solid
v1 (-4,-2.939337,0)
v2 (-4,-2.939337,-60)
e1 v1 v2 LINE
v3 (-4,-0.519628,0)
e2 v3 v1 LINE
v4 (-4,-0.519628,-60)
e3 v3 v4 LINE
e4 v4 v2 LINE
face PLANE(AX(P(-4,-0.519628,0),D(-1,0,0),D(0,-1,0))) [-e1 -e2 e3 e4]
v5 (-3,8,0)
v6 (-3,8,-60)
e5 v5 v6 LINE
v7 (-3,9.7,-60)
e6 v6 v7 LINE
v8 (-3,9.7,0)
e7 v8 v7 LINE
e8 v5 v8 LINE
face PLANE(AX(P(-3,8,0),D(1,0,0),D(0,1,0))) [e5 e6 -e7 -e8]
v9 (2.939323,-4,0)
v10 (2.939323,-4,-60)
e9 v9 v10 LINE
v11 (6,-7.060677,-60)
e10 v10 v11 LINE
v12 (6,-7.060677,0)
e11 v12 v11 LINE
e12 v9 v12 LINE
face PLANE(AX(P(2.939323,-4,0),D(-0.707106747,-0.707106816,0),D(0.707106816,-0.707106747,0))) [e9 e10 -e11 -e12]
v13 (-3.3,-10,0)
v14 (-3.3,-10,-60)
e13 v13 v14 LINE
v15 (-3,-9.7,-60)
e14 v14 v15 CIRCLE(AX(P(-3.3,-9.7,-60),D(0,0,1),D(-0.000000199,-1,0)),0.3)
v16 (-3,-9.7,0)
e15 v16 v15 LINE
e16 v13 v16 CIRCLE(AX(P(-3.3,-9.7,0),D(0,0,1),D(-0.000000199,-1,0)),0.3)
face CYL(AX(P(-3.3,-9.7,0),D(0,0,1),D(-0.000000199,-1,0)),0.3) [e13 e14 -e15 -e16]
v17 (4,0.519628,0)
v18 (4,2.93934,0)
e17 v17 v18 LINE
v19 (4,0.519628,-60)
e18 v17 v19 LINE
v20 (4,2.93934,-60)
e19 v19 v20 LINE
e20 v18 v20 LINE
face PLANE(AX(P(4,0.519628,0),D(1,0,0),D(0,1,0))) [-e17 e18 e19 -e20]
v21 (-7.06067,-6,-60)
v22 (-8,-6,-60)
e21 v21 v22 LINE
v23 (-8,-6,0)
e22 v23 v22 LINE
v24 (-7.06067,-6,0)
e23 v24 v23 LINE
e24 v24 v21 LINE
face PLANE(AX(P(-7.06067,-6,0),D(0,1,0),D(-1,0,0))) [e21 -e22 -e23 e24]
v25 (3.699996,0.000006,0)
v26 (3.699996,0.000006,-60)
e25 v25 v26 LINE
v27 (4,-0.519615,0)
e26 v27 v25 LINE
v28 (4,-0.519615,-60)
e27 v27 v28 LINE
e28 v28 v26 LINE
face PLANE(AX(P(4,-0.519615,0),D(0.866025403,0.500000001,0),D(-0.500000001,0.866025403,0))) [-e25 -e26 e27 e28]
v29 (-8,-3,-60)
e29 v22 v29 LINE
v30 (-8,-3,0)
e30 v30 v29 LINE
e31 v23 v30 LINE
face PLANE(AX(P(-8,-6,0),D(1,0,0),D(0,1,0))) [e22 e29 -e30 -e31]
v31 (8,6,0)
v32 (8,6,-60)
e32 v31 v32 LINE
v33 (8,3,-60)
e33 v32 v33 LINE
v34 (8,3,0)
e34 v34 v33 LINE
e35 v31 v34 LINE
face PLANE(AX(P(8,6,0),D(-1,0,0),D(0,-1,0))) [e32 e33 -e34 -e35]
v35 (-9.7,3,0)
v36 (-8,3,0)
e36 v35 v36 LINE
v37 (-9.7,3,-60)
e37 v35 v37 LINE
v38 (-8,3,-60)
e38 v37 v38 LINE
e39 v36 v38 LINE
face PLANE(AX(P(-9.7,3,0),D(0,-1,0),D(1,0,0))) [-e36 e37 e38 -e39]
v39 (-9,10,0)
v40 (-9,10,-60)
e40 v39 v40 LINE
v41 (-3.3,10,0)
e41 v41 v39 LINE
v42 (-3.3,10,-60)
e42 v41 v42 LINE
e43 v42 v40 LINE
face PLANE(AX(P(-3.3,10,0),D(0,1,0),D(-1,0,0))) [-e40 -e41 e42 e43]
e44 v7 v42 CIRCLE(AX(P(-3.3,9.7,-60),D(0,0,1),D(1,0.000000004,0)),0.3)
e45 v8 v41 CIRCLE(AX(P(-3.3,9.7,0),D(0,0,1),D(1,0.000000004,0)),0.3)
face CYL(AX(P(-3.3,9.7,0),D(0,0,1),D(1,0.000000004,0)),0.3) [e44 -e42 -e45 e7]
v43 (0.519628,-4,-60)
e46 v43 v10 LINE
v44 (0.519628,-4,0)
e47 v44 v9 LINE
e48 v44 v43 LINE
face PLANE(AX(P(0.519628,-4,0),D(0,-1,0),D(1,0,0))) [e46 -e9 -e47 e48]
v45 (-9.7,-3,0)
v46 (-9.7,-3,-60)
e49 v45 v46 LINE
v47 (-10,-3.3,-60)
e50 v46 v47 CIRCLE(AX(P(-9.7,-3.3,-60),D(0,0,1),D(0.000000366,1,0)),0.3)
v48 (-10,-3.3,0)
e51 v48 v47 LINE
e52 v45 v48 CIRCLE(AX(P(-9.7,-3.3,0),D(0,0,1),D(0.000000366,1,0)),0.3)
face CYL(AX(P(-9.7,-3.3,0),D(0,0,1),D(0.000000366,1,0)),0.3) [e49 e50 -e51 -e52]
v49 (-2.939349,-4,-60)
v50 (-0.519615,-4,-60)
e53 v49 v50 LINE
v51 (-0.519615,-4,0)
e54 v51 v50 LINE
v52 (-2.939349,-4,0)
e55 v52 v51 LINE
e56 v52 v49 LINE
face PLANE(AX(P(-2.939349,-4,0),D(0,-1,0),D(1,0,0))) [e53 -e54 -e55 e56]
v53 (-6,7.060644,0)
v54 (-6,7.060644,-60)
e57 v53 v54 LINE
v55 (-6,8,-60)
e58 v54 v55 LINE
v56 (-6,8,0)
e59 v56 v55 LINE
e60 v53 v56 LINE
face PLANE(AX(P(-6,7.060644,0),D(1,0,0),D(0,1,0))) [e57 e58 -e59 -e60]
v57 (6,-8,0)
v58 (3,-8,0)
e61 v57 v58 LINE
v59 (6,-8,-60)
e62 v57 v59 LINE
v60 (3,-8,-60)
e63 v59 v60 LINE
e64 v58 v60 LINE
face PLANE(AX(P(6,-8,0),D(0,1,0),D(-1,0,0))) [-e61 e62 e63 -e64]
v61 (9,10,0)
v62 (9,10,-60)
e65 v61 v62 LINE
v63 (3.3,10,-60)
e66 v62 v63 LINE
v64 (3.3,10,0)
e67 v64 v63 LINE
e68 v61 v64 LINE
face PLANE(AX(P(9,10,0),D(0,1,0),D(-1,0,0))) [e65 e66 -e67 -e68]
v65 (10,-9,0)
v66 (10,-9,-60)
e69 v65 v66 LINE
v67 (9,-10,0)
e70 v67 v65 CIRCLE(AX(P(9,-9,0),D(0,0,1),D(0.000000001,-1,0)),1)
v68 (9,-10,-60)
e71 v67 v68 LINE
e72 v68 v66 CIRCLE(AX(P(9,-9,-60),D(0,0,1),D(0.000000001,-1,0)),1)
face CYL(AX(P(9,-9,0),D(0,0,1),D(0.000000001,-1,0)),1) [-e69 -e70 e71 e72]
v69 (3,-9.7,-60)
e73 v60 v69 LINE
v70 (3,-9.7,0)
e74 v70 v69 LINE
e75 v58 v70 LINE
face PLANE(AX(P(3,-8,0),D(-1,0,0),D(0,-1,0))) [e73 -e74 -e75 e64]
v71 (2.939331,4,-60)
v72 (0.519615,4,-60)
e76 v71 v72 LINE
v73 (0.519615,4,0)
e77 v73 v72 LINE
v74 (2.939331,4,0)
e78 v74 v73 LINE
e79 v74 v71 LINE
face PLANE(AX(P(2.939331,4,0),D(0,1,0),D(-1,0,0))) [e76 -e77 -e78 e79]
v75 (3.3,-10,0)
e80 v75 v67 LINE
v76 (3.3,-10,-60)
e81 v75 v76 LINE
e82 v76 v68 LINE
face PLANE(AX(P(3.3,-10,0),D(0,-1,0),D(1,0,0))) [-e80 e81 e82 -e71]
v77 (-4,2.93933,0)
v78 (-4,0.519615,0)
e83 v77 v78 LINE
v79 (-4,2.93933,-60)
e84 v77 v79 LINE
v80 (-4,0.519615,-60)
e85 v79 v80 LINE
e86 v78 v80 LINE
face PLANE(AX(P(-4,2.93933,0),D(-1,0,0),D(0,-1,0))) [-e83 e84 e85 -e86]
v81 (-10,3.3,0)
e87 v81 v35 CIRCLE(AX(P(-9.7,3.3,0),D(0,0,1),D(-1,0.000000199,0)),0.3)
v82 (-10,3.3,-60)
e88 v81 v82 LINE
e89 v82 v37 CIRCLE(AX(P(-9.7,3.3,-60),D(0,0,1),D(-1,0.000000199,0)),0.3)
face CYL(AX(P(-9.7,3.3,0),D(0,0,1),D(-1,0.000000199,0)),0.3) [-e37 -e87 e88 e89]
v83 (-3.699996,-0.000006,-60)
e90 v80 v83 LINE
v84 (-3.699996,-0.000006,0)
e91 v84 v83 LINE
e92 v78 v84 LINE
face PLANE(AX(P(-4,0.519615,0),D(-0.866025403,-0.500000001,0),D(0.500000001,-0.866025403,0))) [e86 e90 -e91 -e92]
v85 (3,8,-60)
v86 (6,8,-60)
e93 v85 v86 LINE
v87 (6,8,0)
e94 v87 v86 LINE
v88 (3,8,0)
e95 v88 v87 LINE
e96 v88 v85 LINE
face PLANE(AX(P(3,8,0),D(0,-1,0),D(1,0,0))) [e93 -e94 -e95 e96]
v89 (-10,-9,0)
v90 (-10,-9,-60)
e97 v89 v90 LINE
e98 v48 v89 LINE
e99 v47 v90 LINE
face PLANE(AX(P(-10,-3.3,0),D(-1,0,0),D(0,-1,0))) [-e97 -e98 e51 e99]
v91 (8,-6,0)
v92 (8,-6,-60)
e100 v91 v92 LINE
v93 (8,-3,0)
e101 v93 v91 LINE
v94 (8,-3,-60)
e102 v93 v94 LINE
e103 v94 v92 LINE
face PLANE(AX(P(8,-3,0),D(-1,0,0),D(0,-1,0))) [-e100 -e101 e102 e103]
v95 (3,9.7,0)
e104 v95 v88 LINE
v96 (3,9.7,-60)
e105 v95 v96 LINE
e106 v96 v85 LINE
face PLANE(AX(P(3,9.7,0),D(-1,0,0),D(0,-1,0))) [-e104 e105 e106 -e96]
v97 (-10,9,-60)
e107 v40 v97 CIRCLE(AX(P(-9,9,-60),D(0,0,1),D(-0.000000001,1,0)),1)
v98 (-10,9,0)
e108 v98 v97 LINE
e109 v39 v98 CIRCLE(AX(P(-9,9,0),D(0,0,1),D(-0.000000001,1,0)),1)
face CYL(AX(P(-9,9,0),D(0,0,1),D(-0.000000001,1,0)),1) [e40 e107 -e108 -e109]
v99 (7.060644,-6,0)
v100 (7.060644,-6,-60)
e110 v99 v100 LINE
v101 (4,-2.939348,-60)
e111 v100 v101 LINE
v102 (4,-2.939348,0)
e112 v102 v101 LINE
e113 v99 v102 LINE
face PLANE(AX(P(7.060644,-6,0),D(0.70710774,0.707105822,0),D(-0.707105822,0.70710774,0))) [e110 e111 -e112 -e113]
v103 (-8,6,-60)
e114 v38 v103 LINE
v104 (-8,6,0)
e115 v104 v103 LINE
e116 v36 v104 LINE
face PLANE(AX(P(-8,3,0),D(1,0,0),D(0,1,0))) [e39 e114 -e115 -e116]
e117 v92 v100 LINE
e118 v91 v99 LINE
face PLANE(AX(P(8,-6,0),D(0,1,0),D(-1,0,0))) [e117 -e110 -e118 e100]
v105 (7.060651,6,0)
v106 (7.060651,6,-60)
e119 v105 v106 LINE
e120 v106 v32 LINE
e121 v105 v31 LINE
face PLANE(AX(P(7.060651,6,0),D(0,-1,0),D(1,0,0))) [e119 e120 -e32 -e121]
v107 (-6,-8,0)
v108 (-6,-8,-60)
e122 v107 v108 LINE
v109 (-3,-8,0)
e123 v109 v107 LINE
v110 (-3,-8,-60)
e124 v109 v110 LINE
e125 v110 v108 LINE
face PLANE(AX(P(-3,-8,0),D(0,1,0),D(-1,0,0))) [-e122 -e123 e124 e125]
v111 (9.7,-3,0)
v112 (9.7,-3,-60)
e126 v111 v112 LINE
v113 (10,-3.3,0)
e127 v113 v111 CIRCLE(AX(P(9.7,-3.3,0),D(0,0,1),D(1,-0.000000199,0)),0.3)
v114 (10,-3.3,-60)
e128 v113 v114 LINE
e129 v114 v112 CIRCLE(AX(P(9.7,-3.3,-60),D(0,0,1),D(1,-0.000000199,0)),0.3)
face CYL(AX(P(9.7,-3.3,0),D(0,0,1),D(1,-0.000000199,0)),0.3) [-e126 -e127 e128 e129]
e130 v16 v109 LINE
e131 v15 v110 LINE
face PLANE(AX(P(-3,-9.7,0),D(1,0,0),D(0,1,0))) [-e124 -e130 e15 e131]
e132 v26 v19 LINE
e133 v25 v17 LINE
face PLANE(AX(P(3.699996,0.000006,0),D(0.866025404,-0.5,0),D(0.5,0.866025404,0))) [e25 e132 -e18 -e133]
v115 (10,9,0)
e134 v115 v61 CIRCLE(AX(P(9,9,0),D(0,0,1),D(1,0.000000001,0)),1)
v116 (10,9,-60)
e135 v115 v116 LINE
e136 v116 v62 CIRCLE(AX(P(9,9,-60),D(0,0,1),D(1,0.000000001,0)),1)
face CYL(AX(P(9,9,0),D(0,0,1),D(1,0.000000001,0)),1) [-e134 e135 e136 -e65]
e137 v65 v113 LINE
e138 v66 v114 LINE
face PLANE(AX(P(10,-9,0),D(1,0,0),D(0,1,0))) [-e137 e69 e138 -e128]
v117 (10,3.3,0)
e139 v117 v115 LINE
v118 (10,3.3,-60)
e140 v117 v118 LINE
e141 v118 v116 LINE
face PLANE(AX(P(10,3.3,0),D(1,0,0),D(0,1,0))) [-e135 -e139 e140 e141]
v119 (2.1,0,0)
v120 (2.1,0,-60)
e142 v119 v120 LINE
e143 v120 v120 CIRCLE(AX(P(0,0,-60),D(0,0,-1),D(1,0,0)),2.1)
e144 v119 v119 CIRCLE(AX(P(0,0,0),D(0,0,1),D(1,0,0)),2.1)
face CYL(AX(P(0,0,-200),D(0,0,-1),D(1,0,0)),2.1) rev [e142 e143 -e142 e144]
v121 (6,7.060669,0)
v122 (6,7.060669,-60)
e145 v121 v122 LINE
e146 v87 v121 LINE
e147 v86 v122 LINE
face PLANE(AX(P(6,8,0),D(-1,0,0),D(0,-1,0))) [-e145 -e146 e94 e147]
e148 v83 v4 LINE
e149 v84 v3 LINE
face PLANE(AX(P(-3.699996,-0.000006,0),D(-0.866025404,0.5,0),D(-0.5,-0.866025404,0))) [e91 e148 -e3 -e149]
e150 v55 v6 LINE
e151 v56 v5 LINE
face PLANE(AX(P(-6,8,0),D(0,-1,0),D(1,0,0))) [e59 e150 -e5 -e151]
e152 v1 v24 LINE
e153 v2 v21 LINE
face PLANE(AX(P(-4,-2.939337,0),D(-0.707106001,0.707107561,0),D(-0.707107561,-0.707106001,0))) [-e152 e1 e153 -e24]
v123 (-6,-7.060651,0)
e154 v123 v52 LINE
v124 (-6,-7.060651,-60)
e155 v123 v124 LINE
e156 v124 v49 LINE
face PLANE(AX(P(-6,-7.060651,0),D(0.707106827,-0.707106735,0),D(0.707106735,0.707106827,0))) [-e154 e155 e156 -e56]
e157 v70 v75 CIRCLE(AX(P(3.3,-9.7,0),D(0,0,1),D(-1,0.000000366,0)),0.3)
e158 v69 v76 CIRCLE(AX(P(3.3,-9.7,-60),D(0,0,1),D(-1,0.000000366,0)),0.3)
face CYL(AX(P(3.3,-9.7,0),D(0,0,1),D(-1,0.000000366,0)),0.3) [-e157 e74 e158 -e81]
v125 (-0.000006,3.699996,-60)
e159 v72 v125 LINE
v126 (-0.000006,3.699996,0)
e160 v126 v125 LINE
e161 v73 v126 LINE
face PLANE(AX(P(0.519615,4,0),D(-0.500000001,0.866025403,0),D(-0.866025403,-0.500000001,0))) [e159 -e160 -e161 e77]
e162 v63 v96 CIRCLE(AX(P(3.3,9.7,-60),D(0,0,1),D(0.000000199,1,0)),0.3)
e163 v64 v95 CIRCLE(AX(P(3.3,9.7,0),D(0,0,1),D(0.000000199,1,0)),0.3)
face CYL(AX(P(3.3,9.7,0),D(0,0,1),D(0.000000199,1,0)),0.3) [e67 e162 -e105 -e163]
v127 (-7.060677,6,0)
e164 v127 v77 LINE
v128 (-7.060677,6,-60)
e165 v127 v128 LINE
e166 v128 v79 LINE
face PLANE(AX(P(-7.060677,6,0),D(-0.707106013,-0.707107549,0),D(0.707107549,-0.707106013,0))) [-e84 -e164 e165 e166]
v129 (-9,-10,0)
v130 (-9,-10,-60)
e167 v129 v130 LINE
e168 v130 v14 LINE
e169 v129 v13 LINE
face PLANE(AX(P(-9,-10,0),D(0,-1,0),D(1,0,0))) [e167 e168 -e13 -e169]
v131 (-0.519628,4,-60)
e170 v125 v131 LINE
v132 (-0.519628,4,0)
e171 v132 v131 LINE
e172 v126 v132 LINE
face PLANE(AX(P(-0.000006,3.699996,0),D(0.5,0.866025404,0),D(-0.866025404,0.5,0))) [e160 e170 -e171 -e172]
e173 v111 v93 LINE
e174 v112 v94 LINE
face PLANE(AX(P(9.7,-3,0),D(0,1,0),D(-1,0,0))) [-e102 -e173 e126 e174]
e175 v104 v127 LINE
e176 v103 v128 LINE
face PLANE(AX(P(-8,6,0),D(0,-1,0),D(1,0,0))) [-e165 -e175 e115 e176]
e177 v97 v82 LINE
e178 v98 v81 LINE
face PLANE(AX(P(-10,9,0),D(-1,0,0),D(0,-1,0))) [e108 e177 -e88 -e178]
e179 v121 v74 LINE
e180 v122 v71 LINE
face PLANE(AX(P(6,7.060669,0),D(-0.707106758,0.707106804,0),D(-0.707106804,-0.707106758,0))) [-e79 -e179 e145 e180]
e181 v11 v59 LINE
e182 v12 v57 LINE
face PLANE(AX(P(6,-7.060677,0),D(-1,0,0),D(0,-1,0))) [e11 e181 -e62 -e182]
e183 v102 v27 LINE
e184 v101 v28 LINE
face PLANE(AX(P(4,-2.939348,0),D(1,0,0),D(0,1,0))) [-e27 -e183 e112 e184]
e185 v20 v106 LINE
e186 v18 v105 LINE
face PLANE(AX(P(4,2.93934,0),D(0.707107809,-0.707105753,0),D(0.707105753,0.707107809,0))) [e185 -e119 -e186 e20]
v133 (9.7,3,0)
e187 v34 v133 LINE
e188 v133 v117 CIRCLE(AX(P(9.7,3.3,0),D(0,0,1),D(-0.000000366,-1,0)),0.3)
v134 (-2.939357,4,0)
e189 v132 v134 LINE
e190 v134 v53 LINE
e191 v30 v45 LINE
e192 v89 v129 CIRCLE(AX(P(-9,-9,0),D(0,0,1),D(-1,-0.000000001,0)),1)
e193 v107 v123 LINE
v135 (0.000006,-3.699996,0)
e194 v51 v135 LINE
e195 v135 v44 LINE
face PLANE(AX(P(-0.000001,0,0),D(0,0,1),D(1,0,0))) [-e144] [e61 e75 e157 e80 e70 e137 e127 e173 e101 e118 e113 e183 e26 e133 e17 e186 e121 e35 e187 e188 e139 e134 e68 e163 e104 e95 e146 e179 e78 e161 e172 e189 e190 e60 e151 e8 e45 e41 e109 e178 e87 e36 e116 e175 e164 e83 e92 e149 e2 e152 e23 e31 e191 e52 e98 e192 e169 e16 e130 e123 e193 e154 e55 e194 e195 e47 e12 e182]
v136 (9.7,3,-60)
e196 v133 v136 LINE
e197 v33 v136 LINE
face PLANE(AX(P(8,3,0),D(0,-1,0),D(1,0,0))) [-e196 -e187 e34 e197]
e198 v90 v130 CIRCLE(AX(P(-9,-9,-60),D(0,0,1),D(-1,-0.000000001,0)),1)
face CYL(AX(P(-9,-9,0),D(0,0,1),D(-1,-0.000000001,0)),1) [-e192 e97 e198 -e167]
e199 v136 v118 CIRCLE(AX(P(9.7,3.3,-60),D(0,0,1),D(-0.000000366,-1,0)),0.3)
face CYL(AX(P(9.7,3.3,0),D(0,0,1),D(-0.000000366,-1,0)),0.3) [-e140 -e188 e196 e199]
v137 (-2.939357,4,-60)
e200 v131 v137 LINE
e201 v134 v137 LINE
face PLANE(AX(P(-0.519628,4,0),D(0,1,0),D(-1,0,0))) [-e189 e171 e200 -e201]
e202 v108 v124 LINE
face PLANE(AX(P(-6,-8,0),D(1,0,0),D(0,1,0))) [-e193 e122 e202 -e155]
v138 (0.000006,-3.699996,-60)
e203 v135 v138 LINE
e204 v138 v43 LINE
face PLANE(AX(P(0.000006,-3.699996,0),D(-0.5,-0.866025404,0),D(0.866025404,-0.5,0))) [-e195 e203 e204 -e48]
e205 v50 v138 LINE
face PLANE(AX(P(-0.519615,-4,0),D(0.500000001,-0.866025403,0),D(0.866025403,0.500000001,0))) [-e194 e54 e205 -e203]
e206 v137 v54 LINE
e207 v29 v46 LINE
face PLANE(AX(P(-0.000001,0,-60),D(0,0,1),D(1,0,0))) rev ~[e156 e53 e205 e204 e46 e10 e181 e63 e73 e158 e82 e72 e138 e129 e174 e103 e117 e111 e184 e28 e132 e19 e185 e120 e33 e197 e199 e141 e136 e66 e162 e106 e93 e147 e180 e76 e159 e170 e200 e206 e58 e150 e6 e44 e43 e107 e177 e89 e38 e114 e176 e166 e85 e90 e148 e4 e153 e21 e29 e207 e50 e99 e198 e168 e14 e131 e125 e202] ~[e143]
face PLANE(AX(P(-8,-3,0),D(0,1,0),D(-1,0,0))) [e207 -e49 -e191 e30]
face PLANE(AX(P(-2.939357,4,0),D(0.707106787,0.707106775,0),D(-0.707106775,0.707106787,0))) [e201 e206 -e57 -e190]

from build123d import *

# Parameters (mm, degrees)
BOSS_EXTRUDE1_DEPTH = 60
SKETCH2_W           = 400
SKETCH2_H           = 2.1


with BuildPart() as part:
    # Sketch1 → Boss-Extrude1 (new body)
    with BuildSketch(Plane.XY):
        with BuildLine():
            Line((-10, 9), (-10, 3.29999995))
            ThreePointArc((-10, 3.29999995), (-9.912132049, 3.087867916), (-9.7, 3))
            Line((-9.7, 3), (-8, 3))
            Line((-8, 3), (-8, 6))
            Line((-8, 6), (-7.060677, 6))
            Line((-7.060677, 6), (-4, 2.93932965))
            Line((-4, 2.93932965), (-4, 0.519615242))
            Line((-4, 0.519615242), (-3.699996283, -6.437e-06))
            Line((-3.699996283, -6.437e-06), (-4, -0.519628117))
            Line((-4, -0.519628117), (-4, -2.93933725))
            Line((-4, -2.93933725), (-7.0606695, -6))
            Line((-7.0606695, -6), (-8, -6))
            Line((-8, -6), (-8, -3))
            Line((-8, -3), (-9.7, -3))
            ThreePointArc((-9.7, -3), (-9.912132049, -3.087867916), (-10, -3.29999995))
            Line((-10, -3.29999995), (-10, -9))
            ThreePointArc((-10, -9), (-9.707106781, -9.707106781), (-9, -10))
            Line((-9, -10), (-3.29999995, -10))
            ThreePointArc((-3.29999995, -10), (-3.087867916, -9.912132049), (-3, -9.7))
            Line((-3, -9.7), (-3, -8))
            Line((-3, -8), (-6, -8))
            Line((-6, -8), (-6, -7.0606515))
            Line((-6, -7.0606515), (-2.9393489, -4))
            Line((-2.9393489, -4), (-0.519615242, -4))
            Line((-0.519615242, -4), (6.437e-06, -3.699996283))
            Line((6.437e-06, -3.699996283), (0.519628117, -4))
            Line((0.519628117, -4), (2.9393227, -4))
            Line((2.9393227, -4), (6, -7.060677))
            Line((6, -7.060677), (6, -8))
            Line((6, -8), (3, -8))
            Line((3, -8), (3, -9.7))
            ThreePointArc((3, -9.7), (3.087867916, -9.912132049), (3.29999995, -10))
            Line((3.29999995, -10), (9, -10))
            ThreePointArc((9, -10), (9.707106781, -9.707106781), (10, -9))
            Line((10, -9), (10, -3.29999995))
            ThreePointArc((10, -3.29999995), (9.912132049, -3.087867916), (9.7, -3))
            Line((9.7, -3), (8, -3))
            Line((8, -3), (8, -6))
            Line((8, -6), (7.0606435, -6))
            Line((7.0606435, -6), (4, -2.9393482))
            Line((4, -2.9393482), (4, -0.519615242))
            Line((4, -0.519615242), (3.699996283, 6.437e-06))
            Line((3.699996283, 6.437e-06), (4, 0.519628117))
            Line((4, 0.519628117), (4, 2.9393401))
            Line((4, 2.9393401), (7.060651, 6))
            Line((7.060651, 6), (8, 6))
            Line((8, 6), (8, 3))
            Line((8, 3), (9.7, 3))
            ThreePointArc((9.7, 3), (9.912132049, 3.087867916), (10, 3.29999995))
            Line((10, 3.29999995), (10, 9))
            ThreePointArc((10, 9), (9.707106781, 9.707106781), (9, 10))
            Line((9, 10), (3.29999995, 10))
            ThreePointArc((3.29999995, 10), (3.087867916, 9.912132049), (3, 9.7))
            Line((3, 9.7), (3, 8))
            Line((3, 8), (6, 8))
            Line((6, 8), (6, 7.060669))
            Line((6, 7.060669), (2.9393308, 4))
            Line((2.9393308, 4), (0.519615242, 4))
            Line((0.519615242, 4), (-6.437e-06, 3.699996283))
            Line((-6.437e-06, 3.699996283), (-0.519628117, 4))
            Line((-0.519628117, 4), (-2.93935655, 4))
            Line((-2.93935655, 4), (-6, 7.0606435))
            Line((-6, 7.0606435), (-6, 8))
            Line((-6, 8), (-3, 8))
            Line((-3, 8), (-3, 9.7))
            ThreePointArc((-3, 9.7), (-3.087867966, 9.912132034), (-3.3, 10))
            Line((-3.3, 10), (-9, 10))
            ThreePointArc((-9, 10), (-9.707106781, 9.707106781), (-10, 9))
        make_face()
    extrude(amount=-BOSS_EXTRUDE1_DEPTH)

    # Sketch2 → Cut-Revolve1 (revolve, cut)
    with BuildSketch(Plane(origin=(0, 0, 0), x_dir=(0, 0, -1), z_dir=(1, 0, 0)), mode=Mode.PRIVATE) as cut_revolve1_sk:
        with Locations((200, 1.05)):
            Rectangle(SKETCH2_W, SKETCH2_H)
    revolve(cut_revolve1_sk.sketch.rotate(Axis((0, 0, -400), (0, 0, 1)), 270), axis=Axis((0, 0, -400), (0, 0, 1)), mode=Mode.SUBTRACT)


solid = part.part
